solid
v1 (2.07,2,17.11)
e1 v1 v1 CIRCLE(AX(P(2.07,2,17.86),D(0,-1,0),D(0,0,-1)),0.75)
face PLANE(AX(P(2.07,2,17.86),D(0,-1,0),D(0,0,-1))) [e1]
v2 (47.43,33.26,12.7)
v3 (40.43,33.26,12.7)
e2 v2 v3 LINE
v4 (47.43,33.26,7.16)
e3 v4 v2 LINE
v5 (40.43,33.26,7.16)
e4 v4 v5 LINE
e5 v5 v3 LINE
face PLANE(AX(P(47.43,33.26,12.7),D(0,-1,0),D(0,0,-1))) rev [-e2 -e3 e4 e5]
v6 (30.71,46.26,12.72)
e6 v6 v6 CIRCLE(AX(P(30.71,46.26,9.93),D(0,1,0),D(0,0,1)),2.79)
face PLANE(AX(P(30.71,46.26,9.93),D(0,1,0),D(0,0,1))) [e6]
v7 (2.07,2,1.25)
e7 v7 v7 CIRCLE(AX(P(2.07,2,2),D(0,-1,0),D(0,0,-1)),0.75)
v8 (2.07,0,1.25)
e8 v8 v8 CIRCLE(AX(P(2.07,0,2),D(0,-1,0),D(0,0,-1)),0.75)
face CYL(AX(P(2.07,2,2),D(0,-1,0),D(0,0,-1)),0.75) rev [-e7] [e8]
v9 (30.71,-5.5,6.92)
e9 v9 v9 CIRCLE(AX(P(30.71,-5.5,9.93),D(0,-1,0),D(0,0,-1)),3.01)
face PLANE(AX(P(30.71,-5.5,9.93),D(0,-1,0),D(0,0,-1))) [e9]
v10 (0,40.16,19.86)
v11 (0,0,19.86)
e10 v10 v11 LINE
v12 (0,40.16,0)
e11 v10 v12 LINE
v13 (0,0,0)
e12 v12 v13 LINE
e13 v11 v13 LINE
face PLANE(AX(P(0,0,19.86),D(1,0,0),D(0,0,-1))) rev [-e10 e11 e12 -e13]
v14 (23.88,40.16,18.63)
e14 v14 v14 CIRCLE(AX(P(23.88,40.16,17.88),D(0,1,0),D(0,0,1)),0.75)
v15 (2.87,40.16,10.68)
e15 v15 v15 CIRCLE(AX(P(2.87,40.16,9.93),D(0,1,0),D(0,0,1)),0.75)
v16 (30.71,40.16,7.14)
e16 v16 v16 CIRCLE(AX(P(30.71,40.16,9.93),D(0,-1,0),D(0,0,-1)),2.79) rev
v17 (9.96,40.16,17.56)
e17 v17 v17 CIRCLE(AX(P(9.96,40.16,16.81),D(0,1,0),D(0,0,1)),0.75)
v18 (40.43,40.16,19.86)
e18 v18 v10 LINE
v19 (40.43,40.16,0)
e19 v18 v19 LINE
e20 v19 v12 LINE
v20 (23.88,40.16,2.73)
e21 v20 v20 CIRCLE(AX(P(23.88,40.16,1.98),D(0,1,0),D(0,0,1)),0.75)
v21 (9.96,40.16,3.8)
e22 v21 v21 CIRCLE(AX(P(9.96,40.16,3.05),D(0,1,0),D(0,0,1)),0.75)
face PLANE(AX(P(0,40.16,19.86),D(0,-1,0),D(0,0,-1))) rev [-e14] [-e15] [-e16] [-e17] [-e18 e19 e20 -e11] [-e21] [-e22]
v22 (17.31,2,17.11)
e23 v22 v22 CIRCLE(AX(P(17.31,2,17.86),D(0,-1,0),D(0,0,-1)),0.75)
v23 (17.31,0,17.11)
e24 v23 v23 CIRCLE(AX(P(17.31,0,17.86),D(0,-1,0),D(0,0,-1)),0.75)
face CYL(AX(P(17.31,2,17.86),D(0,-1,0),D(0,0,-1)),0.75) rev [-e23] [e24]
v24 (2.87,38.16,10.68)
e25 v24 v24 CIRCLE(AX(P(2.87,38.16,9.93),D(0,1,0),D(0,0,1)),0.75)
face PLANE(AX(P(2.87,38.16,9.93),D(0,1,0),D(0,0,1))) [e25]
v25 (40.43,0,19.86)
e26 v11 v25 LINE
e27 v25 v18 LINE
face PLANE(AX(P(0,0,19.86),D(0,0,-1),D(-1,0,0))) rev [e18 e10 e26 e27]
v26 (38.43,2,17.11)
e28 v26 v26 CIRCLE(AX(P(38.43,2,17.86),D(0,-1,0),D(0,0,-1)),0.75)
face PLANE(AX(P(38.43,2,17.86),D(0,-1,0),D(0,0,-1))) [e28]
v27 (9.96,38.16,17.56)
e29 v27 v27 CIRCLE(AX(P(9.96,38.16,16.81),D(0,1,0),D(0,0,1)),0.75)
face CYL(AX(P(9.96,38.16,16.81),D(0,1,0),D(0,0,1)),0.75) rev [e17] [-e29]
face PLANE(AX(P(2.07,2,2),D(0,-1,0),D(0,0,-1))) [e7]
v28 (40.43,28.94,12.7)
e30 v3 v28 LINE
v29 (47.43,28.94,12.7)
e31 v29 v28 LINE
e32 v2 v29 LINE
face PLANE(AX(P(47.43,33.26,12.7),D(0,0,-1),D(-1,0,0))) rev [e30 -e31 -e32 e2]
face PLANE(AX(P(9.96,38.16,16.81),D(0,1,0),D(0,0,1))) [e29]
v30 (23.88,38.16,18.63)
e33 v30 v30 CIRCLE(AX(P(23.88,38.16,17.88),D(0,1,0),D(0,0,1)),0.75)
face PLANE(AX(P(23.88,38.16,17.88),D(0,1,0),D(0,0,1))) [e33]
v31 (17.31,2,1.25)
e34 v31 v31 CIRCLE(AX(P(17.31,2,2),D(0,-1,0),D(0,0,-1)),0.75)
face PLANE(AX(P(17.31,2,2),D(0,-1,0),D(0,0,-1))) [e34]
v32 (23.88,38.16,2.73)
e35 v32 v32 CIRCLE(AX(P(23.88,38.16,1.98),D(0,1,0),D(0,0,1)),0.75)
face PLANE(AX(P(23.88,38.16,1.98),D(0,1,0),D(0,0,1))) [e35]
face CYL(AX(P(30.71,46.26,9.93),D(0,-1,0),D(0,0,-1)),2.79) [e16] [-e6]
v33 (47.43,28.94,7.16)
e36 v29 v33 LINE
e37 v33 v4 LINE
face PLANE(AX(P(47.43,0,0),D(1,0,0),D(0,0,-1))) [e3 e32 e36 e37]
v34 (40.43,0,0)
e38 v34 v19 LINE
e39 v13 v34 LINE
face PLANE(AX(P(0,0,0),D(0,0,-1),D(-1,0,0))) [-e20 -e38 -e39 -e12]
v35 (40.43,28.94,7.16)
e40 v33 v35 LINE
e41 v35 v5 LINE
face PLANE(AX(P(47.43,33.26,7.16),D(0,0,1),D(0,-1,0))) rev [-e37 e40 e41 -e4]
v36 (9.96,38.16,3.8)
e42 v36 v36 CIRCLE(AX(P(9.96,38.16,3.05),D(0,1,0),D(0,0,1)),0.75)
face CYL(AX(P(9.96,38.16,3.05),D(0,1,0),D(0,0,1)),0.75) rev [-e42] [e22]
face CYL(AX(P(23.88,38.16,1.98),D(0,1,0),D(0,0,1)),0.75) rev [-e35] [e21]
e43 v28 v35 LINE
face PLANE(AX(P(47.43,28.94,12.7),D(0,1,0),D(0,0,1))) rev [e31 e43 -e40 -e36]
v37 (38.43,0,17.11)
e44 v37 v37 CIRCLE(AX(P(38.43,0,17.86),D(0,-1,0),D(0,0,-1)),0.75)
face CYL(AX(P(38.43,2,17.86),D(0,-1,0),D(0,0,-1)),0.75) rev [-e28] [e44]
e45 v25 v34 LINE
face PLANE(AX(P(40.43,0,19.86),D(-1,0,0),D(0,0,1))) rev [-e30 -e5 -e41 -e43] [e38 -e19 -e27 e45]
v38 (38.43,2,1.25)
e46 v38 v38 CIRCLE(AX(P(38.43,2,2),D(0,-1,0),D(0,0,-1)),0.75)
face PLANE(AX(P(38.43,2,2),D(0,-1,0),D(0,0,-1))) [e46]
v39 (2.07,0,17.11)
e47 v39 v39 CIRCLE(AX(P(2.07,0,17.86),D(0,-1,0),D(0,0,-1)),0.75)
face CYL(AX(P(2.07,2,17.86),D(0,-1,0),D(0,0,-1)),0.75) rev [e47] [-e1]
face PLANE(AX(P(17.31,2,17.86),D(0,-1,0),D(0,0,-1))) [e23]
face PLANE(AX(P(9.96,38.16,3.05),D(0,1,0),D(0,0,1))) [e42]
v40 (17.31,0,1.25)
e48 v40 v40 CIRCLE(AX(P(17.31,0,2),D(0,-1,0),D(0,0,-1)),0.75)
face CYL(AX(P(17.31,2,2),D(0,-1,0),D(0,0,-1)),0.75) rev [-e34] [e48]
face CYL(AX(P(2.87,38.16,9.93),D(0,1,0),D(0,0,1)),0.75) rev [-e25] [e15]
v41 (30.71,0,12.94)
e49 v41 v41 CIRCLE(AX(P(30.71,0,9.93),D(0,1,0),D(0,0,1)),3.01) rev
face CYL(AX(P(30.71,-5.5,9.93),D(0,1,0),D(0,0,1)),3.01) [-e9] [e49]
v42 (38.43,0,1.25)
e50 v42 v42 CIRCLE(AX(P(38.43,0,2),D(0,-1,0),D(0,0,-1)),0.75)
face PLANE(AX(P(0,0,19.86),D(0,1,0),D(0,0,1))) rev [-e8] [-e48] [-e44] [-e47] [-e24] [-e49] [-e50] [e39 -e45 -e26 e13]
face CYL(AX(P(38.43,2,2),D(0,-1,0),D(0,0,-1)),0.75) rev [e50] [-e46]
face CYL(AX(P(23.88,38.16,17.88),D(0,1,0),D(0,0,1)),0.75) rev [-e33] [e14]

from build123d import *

# Parameters (mm, degrees)
SKETCH1_W              = 40.43
SKETCH1_H              = 40.16
SERVOBODY_DEPTH        = 19.86
SKETCH2_R              = 2.79
GEARHINGE_DEPTH        = 6.1
SKETCH3_R              = 3.01
SMOOTHHINGE_DEPTH      = 5.5
SKETCH4_R              = 0.75
GEARSCREWHOLES_DEPTH   = 2
SKETCH5_R              = 0.75
SMOOTHSCREWHOLES_DEPTH = 2
SKETCH6_W              = 5.54
SKETCH6_H              = 4.32
CABLE_DEPTH            = 7


with BuildPart() as part:
    # Sketch1 → ServoBody (new body)
    with BuildSketch(Plane.XY):
        with Locations((20.215, 20.08)):
            Rectangle(SKETCH1_W, SKETCH1_H)
    extrude(amount=SERVOBODY_DEPTH)

    # Sketch2 → GearHinge (add)
    with BuildSketch(Plane(origin=(0, 40.16, 0), x_dir=(1, 0, 0), z_dir=(0, 1, 0))):
        with Locations(Location((30.71, -9.93, 0), (0, 0, 90))):
            Circle(SKETCH2_R)
    extrude(amount=GEARHINGE_DEPTH)

    # Sketch3 → SmoothHinge (add)
    with BuildSketch(Plane.XZ):
        with Locations(Location((30.71, 9.93, 0), (0, 0, 90))):
            Circle(SKETCH3_R)
    extrude(amount=SMOOTHHINGE_DEPTH)

    # Sketch4 → GearScrewHoles (cut)
    with BuildSketch(Plane(origin=(0, 40.16, 0), x_dir=(1, 0, 0), z_dir=(0, 1, 0))):
        with Locations(Location((23.88, -1.98, 0), (0, 0, 270))):
            Circle(SKETCH4_R)
        with Locations(Location((23.88, -17.88, 0), (0, 0, 270))):
            Circle(SKETCH4_R)
        with Locations(Location((2.87, -9.93, 0), (0, 0, 270))):
            Circle(SKETCH4_R)
        with Locations(Location((9.96, -3.05, 0), (0, 0, 270))):
            Circle(SKETCH4_R)
        with Locations(Location((9.96, -16.81, 0), (0, 0, 270))):
            Circle(SKETCH4_R)
    extrude(amount=-GEARSCREWHOLES_DEPTH, mode=Mode.SUBTRACT)

    # Sketch5 → SmoothScrewHoles (cut)
    with BuildSketch(Plane.XZ):
        with Locations(Location((17.31, 17.86, 0), (0, 0, 270))):
            Circle(SKETCH5_R)
        with Locations(Location((38.43, 17.86, 0), (0, 0, 270))):
            Circle(SKETCH5_R)
        with Locations(Location((2.07, 17.86, 0), (0, 0, 270))):
            Circle(SKETCH5_R)
        with Locations(Location((17.31, 2, 0), (0, 0, 270))):
            Circle(SKETCH5_R)
        with Locations(Location((38.43, 2, 0), (0, 0, 270))):
            Circle(SKETCH5_R)
        with Locations(Location((2.07, 2, 0), (0, 0, 270))):
            Circle(SKETCH5_R)
    extrude(amount=-SMOOTHSCREWHOLES_DEPTH, mode=Mode.SUBTRACT)

    # Sketch6 → Cable (add)
    with BuildSketch(Plane(origin=(40.43, 0, 0), x_dir=(0, 0, -1), z_dir=(1, 0, 0))):
        with Locations((-9.93, 31.1)):
            Rectangle(SKETCH6_W, SKETCH6_H)
    extrude(amount=CABLE_DEPTH)


solid = part.part
